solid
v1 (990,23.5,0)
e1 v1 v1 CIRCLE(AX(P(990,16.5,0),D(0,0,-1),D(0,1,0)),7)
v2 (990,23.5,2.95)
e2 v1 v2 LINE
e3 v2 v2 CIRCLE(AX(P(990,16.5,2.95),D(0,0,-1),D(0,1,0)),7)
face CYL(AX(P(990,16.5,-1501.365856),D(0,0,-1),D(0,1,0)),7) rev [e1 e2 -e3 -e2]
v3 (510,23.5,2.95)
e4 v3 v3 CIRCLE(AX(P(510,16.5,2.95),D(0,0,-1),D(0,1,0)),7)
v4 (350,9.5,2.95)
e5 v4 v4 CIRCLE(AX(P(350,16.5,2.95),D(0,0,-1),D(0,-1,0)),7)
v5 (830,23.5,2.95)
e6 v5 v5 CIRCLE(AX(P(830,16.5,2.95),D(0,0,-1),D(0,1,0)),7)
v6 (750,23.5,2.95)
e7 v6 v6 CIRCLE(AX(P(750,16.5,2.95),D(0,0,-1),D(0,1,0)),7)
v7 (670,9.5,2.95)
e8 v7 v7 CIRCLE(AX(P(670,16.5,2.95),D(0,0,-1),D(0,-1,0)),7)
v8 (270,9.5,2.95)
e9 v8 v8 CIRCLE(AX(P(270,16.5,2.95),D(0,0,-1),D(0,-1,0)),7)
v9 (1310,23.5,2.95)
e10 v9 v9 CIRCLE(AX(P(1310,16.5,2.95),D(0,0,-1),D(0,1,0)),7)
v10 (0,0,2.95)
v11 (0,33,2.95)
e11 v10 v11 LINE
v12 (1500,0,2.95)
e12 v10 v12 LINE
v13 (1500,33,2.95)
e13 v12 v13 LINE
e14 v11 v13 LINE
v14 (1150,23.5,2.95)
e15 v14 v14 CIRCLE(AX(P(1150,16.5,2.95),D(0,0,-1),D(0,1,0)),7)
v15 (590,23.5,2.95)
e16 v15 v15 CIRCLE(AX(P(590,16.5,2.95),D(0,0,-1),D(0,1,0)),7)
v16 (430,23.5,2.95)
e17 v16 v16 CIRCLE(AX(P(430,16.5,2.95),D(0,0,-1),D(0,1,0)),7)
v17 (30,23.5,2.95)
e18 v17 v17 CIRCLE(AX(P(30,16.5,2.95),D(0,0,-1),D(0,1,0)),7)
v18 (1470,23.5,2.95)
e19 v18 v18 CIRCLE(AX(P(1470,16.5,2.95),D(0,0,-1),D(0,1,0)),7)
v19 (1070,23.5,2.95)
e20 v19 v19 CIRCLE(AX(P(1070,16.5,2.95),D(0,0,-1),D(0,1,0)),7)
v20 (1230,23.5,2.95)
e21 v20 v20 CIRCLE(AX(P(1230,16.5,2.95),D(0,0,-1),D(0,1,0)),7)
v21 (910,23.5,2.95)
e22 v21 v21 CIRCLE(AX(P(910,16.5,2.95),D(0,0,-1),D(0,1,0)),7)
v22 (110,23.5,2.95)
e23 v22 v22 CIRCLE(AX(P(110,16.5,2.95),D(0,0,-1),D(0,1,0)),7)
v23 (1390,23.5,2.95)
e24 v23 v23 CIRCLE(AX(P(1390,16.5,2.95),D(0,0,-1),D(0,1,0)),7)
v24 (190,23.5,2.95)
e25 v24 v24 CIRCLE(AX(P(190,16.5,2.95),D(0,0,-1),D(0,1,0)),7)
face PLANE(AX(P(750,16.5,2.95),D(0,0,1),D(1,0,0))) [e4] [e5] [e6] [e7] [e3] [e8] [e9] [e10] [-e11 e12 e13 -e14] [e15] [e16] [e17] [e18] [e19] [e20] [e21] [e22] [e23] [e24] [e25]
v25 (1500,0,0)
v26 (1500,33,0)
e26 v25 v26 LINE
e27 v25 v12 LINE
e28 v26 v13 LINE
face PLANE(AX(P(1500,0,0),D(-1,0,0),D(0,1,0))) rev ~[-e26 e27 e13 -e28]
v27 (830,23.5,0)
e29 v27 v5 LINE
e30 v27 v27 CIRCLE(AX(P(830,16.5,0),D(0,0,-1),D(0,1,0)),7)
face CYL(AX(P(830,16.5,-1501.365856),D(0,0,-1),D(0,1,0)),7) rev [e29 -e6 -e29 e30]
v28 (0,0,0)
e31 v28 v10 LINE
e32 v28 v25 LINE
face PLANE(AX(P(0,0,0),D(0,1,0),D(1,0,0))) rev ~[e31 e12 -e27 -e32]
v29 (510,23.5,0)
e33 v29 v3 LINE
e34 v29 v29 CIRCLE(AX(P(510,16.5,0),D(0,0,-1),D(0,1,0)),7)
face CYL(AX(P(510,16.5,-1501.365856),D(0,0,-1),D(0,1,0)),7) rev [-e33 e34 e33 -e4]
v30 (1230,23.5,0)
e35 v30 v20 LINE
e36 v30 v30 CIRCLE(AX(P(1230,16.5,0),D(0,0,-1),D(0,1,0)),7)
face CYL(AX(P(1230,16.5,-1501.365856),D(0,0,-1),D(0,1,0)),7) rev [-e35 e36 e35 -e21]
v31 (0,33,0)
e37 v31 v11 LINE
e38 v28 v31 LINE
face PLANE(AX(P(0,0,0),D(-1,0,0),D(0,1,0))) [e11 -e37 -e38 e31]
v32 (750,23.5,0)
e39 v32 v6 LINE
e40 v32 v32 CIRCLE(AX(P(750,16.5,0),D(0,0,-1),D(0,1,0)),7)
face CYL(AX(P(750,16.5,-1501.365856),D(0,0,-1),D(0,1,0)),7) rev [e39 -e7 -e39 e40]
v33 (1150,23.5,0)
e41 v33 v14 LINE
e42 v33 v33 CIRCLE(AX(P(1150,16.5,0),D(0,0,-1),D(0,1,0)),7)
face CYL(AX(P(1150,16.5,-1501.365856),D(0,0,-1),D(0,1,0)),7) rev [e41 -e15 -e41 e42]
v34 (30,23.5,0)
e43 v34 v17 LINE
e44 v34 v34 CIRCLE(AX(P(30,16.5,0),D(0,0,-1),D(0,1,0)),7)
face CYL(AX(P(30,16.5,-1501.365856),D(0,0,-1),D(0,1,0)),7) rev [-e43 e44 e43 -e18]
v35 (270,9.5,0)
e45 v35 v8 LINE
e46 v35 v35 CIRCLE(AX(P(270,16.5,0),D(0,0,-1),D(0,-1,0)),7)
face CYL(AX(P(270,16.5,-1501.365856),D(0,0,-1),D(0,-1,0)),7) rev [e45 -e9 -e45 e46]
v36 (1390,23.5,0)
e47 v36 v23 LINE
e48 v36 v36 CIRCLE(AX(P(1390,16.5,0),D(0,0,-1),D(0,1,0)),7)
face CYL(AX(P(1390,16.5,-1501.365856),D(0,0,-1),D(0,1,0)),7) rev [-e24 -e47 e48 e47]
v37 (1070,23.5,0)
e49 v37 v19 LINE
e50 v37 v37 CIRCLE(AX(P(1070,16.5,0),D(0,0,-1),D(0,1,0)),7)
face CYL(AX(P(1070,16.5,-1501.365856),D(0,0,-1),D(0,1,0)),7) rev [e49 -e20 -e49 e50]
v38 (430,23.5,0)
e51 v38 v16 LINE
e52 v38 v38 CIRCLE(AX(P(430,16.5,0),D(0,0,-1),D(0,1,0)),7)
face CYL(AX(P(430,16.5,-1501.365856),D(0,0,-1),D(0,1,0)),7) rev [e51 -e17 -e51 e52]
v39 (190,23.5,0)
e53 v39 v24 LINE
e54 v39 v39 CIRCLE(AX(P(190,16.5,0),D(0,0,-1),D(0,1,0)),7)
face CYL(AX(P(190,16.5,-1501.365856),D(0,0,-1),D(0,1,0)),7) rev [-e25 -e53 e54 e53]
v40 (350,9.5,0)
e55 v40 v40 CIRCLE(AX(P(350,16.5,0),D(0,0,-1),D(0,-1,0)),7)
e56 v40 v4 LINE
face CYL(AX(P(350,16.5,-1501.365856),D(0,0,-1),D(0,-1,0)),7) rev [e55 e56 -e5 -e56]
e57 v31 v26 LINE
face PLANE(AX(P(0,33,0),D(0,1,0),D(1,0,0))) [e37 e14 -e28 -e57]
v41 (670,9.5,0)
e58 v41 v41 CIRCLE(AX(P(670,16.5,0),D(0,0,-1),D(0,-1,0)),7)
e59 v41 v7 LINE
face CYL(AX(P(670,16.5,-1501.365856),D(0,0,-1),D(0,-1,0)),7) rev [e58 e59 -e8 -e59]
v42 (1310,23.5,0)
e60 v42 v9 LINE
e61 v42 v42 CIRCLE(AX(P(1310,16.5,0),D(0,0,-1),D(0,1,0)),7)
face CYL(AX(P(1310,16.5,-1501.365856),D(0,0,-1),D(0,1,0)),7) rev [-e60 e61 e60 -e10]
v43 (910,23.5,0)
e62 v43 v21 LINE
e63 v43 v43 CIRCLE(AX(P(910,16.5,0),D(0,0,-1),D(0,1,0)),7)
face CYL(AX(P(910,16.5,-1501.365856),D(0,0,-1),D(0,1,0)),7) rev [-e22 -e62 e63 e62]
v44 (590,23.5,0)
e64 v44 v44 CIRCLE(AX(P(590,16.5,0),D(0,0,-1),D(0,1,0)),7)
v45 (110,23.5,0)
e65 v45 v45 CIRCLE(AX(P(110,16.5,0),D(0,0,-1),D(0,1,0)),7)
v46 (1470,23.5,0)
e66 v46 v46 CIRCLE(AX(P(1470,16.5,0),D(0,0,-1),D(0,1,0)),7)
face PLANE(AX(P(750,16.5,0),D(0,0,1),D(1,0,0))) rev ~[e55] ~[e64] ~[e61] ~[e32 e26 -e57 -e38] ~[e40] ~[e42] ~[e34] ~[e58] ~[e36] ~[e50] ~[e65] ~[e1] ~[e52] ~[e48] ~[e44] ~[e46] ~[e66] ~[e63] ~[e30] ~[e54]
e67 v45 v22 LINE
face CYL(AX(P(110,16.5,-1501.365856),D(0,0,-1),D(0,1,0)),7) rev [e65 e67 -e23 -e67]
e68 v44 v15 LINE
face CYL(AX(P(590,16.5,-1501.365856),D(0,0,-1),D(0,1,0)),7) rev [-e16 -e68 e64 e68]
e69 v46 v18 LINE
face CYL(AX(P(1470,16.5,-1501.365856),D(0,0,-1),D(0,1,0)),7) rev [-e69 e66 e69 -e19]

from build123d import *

# Parameters (mm, degrees)
SKETCH1_W               = 1500
SKETCH1_H               = 33
BOSS_EXTRUDE1_DEPTH     = 2.95
CUT_EXTRUDE1_DEPTH      = 1501.365856216
CUT_EXTRUDE1_DEPTH_BACK = 1501.365856216


with BuildPart() as part:
    # Sketch1 → Boss-Extrude1 (new body)
    with BuildSketch(Plane.XY):
        with Locations((750, 16.5)):
            Rectangle(SKETCH1_W, SKETCH1_H)
    extrude(amount=BOSS_EXTRUDE1_DEPTH)

    # Sketch3 → Cut-Extrude1 (cut, two sides: drawn at the far end of the back side and taken through both)
    with BuildSketch(Plane.XY.offset(-CUT_EXTRUDE1_DEPTH_BACK)):
        with BuildLine():
            ThreePointArc((270, 23.5), (263, 16.5), (270, 9.5))
            ThreePointArc((270, 9.5), (277, 16.5), (270, 23.5))
        make_face()
        with BuildLine():
            ThreePointArc((350, 23.5), (343, 16.5), (350, 9.5))
            ThreePointArc((350, 9.5), (357, 16.5), (350, 23.5))
        make_face()
        with BuildLine():
            ThreePointArc((430, 9.5), (437, 16.5), (430, 23.5))
            ThreePointArc((430, 23.5), (423, 16.5), (430, 9.5))
        make_face()
        with BuildLine():
            ThreePointArc((510, 9.5), (517, 16.5), (510, 23.5))
            ThreePointArc((510, 23.5), (503, 16.5), (510, 9.5))
        make_face()
        with BuildLine():
            ThreePointArc((590, 9.5), (597, 16.5), (590, 23.5))
            ThreePointArc((590, 23.5), (583, 16.5), (590, 9.5))
        make_face()
        with BuildLine():
            ThreePointArc((670, 23.5), (663, 16.5), (670, 9.5))
            ThreePointArc((670, 9.5), (677, 16.5), (670, 23.5))
        make_face()
        with BuildLine():
            ThreePointArc((750, 9.5), (757, 16.5), (750, 23.5))
            ThreePointArc((750, 23.5), (743, 16.5), (750, 9.5))
        make_face()
        with BuildLine():
            ThreePointArc((830, 9.5), (837, 16.5), (830, 23.5))
            ThreePointArc((830, 23.5), (823, 16.5), (830, 9.5))
        make_face()
        with BuildLine():
            ThreePointArc((910, 9.5), (917, 16.5), (910, 23.5))
            ThreePointArc((910, 23.5), (903, 16.5), (910, 9.5))
        make_face()
        with BuildLine():
            ThreePointArc((990, 9.5), (997, 16.5), (990, 23.5))
            ThreePointArc((990, 23.5), (983, 16.5), (990, 9.5))
        make_face()
        with BuildLine():
            ThreePointArc((1070, 9.5), (1077, 16.5), (1070, 23.5))
            ThreePointArc((1070, 23.5), (1063, 16.5), (1070, 9.5))
        make_face()
        with BuildLine():
            ThreePointArc((1150, 9.5), (1157, 16.5), (1150, 23.5))
            ThreePointArc((1150, 23.5), (1143, 16.5), (1150, 9.5))
        make_face()
        with BuildLine():
            ThreePointArc((1230, 9.5), (1237, 16.5), (1230, 23.5))
            ThreePointArc((1230, 23.5), (1223, 16.5), (1230, 9.5))
        make_face()
        with BuildLine():
            ThreePointArc((1310, 9.5), (1317, 16.5), (1310, 23.5))
            ThreePointArc((1310, 23.5), (1303, 16.5), (1310, 9.5))
        make_face()
        with BuildLine():
            ThreePointArc((1390, 9.5), (1397, 16.5), (1390, 23.5))
            ThreePointArc((1390, 23.5), (1383, 16.5), (1390, 9.5))
        make_face()
        with BuildLine():
            ThreePointArc((1470, 9.5), (1477, 16.5), (1470, 23.5))
            ThreePointArc((1470, 23.5), (1463, 16.5), (1470, 9.5))
        make_face()
        with BuildLine():
            ThreePointArc((30, 9.5), (37, 16.5), (30, 23.5))
            ThreePointArc((30, 23.5), (23, 16.5), (30, 9.5))
        make_face()
        with BuildLine():
            ThreePointArc((110, 9.5), (117, 16.5), (110, 23.5))
            ThreePointArc((110, 23.5), (103, 16.5), (110, 9.5))
        make_face()
        with BuildLine():
            ThreePointArc((190, 9.5), (197, 16.5), (190, 23.5))
            ThreePointArc((190, 23.5), (183, 16.5), (190, 9.5))
        make_face()
    extrude(amount=CUT_EXTRUDE1_DEPTH + CUT_EXTRUDE1_DEPTH_BACK, mode=Mode.SUBTRACT)


solid = part.part
